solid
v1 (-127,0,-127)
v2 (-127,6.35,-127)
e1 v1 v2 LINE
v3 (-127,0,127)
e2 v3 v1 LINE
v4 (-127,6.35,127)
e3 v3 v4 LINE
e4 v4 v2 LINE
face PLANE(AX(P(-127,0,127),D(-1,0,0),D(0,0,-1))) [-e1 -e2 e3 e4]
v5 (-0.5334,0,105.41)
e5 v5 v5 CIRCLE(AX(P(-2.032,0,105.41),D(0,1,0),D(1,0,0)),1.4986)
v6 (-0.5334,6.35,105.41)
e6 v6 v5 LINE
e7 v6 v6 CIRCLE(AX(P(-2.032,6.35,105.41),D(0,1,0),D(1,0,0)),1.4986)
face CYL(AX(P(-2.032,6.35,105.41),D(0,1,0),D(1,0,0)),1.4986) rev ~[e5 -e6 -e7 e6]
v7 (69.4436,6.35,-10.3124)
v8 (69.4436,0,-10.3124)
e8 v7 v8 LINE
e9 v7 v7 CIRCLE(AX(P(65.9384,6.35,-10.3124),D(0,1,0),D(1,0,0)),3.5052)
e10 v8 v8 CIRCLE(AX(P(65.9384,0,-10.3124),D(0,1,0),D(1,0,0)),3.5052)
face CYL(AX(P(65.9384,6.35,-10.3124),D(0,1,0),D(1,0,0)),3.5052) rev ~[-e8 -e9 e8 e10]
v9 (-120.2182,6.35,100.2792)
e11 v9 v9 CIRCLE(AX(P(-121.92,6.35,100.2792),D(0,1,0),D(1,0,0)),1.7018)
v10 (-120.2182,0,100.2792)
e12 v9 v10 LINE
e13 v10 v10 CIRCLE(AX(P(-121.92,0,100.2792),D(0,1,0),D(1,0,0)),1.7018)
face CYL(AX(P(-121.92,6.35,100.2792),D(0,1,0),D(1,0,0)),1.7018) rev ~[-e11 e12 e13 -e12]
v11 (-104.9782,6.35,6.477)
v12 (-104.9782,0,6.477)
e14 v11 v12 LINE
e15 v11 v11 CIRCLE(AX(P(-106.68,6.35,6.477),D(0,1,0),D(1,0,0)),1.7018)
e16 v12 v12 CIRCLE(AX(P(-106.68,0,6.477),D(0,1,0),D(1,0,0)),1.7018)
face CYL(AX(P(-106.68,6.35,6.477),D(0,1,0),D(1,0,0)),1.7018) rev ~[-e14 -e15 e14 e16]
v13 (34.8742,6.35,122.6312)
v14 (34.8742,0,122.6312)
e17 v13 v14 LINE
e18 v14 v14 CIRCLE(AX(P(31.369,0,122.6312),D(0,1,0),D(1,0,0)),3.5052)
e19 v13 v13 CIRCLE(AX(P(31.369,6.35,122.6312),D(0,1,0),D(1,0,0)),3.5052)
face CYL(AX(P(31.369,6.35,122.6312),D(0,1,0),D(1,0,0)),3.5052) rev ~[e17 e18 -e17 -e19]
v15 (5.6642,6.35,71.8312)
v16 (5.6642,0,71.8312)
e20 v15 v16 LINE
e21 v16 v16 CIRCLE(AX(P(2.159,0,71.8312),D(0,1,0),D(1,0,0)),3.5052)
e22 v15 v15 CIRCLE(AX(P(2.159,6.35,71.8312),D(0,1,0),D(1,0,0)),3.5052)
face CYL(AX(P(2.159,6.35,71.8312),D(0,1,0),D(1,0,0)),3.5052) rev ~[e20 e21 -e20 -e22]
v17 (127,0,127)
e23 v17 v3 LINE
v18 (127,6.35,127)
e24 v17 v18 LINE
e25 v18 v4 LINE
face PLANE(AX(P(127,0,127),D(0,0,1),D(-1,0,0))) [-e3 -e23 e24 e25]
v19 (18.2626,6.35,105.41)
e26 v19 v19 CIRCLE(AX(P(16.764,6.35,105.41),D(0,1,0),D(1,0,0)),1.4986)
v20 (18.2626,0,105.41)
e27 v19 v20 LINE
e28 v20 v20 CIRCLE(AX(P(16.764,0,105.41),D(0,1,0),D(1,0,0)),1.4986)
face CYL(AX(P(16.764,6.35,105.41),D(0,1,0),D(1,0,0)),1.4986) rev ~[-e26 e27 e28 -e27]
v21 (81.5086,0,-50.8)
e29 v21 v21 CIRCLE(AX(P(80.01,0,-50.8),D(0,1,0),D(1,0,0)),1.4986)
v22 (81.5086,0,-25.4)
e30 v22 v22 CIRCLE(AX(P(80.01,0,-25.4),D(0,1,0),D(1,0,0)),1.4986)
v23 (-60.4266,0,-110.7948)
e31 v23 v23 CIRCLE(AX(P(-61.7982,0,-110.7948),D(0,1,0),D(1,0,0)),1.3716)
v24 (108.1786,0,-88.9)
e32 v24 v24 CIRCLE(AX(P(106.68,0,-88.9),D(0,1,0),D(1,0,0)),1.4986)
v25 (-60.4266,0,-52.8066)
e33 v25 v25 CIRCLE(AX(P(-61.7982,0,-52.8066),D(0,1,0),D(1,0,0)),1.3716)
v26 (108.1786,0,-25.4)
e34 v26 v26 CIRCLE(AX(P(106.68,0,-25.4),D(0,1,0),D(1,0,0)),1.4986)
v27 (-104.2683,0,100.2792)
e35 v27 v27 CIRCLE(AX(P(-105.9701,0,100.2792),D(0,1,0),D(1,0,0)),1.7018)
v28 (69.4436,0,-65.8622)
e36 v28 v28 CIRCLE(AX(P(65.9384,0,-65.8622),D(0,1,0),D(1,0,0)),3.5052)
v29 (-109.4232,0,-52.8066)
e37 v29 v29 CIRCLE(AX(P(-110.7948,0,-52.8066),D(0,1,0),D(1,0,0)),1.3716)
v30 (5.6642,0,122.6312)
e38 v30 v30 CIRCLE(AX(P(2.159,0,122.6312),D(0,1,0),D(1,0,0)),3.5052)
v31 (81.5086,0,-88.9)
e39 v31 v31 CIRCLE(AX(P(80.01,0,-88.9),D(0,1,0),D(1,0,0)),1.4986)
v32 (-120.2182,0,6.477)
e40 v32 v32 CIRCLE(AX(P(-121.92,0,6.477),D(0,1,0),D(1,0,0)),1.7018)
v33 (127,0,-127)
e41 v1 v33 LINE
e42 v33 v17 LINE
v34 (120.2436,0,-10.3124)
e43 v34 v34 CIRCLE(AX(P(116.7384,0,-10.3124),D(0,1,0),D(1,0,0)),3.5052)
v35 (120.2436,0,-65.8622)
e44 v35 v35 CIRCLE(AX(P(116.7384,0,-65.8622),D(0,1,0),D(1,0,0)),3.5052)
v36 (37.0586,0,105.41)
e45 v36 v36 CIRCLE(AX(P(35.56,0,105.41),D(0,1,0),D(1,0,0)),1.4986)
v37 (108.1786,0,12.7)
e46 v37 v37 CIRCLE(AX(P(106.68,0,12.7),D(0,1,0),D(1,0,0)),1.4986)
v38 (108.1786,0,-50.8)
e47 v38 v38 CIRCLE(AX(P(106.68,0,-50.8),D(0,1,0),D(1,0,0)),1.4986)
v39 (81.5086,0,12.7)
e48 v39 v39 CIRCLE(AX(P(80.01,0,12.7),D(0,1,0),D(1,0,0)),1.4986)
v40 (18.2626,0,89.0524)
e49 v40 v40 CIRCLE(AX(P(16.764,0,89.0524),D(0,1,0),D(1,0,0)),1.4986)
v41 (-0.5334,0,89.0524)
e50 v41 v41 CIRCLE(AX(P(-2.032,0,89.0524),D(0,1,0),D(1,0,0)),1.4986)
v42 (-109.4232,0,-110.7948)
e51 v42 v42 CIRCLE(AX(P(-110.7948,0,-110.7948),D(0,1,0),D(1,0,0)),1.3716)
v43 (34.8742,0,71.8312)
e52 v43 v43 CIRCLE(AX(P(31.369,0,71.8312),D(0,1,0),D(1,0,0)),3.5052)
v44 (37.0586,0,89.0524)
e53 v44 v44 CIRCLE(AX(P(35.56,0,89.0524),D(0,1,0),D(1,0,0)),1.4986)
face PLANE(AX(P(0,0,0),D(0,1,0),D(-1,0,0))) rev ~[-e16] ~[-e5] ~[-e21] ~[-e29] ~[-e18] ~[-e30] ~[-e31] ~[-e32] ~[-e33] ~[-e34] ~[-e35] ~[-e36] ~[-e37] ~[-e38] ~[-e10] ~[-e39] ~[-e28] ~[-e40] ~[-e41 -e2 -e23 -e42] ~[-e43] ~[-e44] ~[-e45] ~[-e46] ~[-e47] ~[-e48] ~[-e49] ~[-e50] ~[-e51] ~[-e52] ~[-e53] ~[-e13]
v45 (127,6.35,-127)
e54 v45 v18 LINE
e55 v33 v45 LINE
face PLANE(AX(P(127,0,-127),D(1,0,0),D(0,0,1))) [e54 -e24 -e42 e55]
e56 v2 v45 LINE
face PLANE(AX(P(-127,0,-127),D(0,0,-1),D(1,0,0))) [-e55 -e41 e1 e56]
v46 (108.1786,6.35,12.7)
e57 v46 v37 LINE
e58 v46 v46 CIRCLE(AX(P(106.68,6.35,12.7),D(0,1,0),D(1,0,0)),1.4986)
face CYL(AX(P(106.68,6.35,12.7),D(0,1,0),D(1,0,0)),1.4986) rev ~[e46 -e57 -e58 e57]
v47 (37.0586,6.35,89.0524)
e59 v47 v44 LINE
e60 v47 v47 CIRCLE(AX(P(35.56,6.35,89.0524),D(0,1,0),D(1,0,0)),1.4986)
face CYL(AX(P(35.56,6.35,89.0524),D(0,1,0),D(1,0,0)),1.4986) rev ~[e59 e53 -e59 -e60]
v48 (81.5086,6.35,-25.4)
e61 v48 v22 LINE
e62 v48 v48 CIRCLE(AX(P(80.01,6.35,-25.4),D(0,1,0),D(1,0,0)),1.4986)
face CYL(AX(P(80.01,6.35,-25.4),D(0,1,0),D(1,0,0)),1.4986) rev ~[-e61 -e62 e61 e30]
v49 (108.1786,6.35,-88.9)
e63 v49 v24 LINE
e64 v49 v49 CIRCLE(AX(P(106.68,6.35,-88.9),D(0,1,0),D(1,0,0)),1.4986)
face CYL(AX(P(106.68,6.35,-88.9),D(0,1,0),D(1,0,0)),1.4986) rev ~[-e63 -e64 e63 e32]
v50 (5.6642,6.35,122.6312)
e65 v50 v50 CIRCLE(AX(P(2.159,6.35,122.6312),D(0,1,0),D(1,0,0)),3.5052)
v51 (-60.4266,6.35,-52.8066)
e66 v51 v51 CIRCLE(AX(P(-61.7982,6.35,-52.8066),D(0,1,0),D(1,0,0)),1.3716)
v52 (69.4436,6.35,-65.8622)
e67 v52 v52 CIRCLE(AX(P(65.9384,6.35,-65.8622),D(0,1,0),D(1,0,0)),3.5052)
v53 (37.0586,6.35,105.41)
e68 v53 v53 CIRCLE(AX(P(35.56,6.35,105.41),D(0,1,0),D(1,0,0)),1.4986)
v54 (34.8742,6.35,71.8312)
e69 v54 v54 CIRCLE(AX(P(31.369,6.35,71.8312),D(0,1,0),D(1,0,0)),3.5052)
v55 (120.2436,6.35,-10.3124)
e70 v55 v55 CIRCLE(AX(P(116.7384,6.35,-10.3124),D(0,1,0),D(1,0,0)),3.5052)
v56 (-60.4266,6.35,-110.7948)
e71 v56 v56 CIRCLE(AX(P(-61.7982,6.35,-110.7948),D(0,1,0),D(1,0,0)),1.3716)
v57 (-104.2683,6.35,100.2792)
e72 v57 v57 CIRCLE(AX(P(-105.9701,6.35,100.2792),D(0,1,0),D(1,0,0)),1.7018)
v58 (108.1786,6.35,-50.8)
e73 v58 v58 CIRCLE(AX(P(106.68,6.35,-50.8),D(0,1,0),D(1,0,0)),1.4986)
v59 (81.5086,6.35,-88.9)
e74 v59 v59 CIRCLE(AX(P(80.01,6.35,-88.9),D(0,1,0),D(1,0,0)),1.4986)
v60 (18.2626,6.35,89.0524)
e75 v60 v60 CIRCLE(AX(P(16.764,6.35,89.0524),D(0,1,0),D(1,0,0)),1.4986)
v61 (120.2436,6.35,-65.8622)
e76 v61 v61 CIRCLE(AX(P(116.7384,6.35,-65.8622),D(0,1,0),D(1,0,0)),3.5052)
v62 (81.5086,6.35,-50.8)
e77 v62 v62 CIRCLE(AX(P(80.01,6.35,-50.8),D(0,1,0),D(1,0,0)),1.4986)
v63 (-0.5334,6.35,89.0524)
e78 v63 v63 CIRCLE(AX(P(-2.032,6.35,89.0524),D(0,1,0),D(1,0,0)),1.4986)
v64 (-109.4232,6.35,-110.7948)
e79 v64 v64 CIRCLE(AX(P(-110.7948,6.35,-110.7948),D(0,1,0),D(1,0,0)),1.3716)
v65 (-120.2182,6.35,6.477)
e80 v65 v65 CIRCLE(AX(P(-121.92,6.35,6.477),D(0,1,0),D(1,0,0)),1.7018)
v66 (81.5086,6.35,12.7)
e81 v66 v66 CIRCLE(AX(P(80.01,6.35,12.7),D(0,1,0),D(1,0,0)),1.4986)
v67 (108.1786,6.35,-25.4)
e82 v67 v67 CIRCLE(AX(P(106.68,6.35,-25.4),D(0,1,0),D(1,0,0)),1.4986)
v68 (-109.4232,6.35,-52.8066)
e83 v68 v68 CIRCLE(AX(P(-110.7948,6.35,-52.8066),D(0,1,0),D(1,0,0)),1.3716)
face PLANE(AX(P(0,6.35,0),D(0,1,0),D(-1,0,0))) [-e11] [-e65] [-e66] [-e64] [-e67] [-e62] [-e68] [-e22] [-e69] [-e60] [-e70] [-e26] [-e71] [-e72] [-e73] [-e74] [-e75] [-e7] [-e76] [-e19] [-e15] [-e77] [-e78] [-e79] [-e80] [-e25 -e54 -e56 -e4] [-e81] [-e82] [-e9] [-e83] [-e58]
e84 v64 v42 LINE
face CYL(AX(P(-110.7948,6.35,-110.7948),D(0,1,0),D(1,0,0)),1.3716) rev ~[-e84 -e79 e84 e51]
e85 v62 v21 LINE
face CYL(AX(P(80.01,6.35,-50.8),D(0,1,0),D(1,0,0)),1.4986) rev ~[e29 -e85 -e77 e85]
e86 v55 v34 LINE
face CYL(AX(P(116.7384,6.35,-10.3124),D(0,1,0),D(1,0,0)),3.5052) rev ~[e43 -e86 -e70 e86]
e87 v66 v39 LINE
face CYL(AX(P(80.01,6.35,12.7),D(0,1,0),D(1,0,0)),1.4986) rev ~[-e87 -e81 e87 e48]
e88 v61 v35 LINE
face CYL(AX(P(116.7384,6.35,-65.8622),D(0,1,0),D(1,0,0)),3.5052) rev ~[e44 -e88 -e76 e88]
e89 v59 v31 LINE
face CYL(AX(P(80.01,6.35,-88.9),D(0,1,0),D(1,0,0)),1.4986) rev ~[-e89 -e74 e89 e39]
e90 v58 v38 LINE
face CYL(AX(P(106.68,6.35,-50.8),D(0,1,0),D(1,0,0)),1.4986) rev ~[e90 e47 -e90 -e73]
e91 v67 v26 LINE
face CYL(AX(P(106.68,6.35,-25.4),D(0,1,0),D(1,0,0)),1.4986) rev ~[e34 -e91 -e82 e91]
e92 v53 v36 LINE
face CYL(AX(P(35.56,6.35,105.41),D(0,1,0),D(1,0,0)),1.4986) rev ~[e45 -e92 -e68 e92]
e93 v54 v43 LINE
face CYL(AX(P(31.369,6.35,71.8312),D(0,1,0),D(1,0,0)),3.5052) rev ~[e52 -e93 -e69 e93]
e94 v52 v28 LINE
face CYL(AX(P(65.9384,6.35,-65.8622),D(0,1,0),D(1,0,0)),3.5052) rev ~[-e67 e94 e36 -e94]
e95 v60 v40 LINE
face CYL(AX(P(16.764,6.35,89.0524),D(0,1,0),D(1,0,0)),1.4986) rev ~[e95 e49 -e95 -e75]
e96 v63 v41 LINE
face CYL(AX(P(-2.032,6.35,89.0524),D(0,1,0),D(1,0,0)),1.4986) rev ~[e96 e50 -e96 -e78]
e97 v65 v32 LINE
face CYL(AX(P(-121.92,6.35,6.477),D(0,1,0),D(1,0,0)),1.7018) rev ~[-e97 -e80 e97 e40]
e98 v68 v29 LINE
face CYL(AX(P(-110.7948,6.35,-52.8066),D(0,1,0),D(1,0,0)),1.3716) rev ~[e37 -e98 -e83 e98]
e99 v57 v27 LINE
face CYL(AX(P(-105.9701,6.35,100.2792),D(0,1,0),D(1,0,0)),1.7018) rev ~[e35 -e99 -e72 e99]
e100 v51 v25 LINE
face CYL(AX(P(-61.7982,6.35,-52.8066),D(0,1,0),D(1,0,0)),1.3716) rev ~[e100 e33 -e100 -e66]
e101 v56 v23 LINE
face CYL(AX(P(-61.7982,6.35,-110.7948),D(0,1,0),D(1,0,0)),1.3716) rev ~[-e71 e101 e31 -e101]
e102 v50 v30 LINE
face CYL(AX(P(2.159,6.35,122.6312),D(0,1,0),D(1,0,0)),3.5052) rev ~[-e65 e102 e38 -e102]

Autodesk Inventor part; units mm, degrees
ref_plane "YZ Plane" through (0, 0, 0) normal (1, 0, 0) x (0, 1, 0)
ref_plane "XZ Plane" through (0, 0, 0) normal (0, 1, 0) x (-1, 0, 0)
ref_plane "XY Plane" through (0, 0, 0) normal (0, 0, 1) x (1, 0, 0)
sketch "Sketch1" plane through (0, 0, 0) normal (0, 1, 0) x (-1, 0, 0)
  line L0 (-127, 127) -> (127, 127)
  line L1 (127, 127) -> (127, -127)
  line L2 (127, -127) -> (-127, -127)
  line L3 (-127, -127) -> (-127, 127)
  line L4 (-127, 127) -> (127, -127) construction
  line L5 (127, 127) -> (-127, -127) construction
  point P0 (0, 0)
  dimension "d0" = 254
  dimension "d1" = 254
extrude "Extrusion1" add sketch "Sketch1" along normal blind 6.35
sketch "Sketch4" plane through (0, 6.35, 0) normal (0, 1, 0) x (1, 0, 0)
  line L0 (127, -127) -> (127, 127) projected
  line L1 (127, 127) -> (-127, 127) projected
  circle A0 centre (80.01, -12.7) radius 1.4986
  circle A1 centre (80.01, 25.4) radius 1.4986
  circle A2 centre (80.01, 50.8) radius 1.4986
  circle A3 centre (80.01, 88.9) radius 1.4986
  circle A4 centre (106.68, -12.7) radius 1.4986
  circle A5 centre (106.68, 25.4) radius 1.4986
  circle A6 centre (106.68, 50.8) radius 1.4986
  circle A7 centre (106.68, 88.9) radius 1.4986
  point P0 (0, 0)
  dimension "d60" = 2.9972
  dimension "d61" = 2.9972
  dimension "d62" = 2.9972
  dimension "d63" = 2.9972
  dimension "d64" = 2.9972
  dimension "d65" = 2.9972
  dimension "d66" = 2.9972
  dimension "d67" = 2.9972
extrude "Extrusion4" cut sketch "Sketch4" against normal blind 6.35
sketch "Sketch5" plane through (0, 6.35, 0) normal (0, 1, 0) x (1, 0, 0)
  line L0 (127, 127) -> (127, -127) projected
  line L1 (127, 127) -> (116.7384, 127)
  line L2 (-127, 127) -> (127, 127) projected
  circle A0 centre (65.9384, 10.3124) radius 3.5052
  circle A1 centre (65.9384, 65.8622) radius 3.5052
  circle A2 centre (116.7384, 65.8622) radius 3.5052
  circle A3 centre (116.7384, 10.3124) radius 3.5052
  point P0 (0, 0)
  dimension "d70" = 10.2616
  dimension "d74" = 7.0104
  dimension "d75" = 7.0104
  dimension "d76" = 7.0104
  dimension "d77" = 7.0104
extrude "Extrusion5" cut sketch "Sketch5" against normal blind 6.35
sketch "Sketch6" plane through (0, 6.35, 0) normal (0, 1, 0) x (1, 0, 0)
  line L0 (127, 127) -> (127, -127) projected
  line L1 (127, -127) -> (-127, -127) projected
  circle A0 centre (2.159, -71.8312) radius 3.5052
  circle A1 centre (2.159, -122.6312) radius 3.5052
  circle A2 centre (31.369, -71.8312) radius 3.5052
  circle A3 centre (31.369, -122.6312) radius 3.5052
  point P0 (0, 0)
  dimension "d84" = 7.0104
  dimension "d85" = 7.0104
  dimension "d86" = 7.0104
  dimension "d87" = 7.0104
extrude "Extrusion6" cut sketch "Sketch6" against normal blind 6.35
sketch "Sketch7" plane through (0, 6.35, 0) normal (0, 1, 0) x (1, 0, 0)
  line L0 (127, 127) -> (127, -127) projected
  line L1 (-127, -127) -> (127, -127) projected
  circle A0 centre (16.764, -105.41) radius 1.4986
  circle A1 centre (-2.032, -105.41) radius 1.4986
  circle A2 centre (-2.032, -89.0524) radius 1.4986
  circle A3 centre (16.764, -89.0524) radius 1.4986
  circle A4 centre (35.56, -89.0524) radius 1.4986
  circle A5 centre (35.56, -105.41) radius 1.4986
  point P0 (0, 0)
  dimension "d95" = 2.9972
  dimension "d96" = 2.9972
  dimension "d97" = 2.9972
  dimension "d98" = 2.9972
  dimension "d99" = 2.9972
  dimension "d100" = 2.9972
extrude "Extrusion7" cut sketch "Sketch7" against normal blind 6.35
sketch "Sketch8" plane through (0, 6.35, 0) normal (0, 1, 0) x (1, 0, 0)
  line L0 (-127, 127) -> (-127, -127) projected
  circle A0 centre (-121.92, -6.477) radius 1.7018
  circle A1 centre (-121.92, -100.2792) radius 1.7018
  circle A2 centre (-105.9701, -100.2792) radius 1.7018
  circle A3 centre (-106.68, -6.477) radius 1.7018
  point P0 (0, 0)
  dimension "d108" = 3.4036
  dimension "d110" = 3.4036
  dimension "d124" = 3.4036
  dimension "d125" = 3.4036
extrude "Extrusion8" cut sketch "Sketch8" against normal blind 6.35
sketch "Sketch9" plane through (0, 6.35, 0) normal (0, 1, 0) x (1, 0, 0)
  line L0 (-127, 127) -> (-127, 110.7948)
  circle A0 centre (-110.7948, 110.7948) radius 1.3716
  circle A1 centre (-110.7948, 52.8066) radius 1.3716
  circle A2 centre (-61.7982, 52.8066) radius 1.3716
  circle A3 centre (-61.7982, 110.7948) radius 1.3716
  point P0 (0, 0)
  dimension "d113" = 16.2052
  dimension "d117" = 2.7432
  dimension "d118" = 2.7432
  dimension "d119" = 2.7432
  dimension "d120" = 2.7432
extrude "Extrusion9" cut sketch "Sketch9" against normal blind 6.35
properties part number "DPLX_P013_Lab_Baseplate"
